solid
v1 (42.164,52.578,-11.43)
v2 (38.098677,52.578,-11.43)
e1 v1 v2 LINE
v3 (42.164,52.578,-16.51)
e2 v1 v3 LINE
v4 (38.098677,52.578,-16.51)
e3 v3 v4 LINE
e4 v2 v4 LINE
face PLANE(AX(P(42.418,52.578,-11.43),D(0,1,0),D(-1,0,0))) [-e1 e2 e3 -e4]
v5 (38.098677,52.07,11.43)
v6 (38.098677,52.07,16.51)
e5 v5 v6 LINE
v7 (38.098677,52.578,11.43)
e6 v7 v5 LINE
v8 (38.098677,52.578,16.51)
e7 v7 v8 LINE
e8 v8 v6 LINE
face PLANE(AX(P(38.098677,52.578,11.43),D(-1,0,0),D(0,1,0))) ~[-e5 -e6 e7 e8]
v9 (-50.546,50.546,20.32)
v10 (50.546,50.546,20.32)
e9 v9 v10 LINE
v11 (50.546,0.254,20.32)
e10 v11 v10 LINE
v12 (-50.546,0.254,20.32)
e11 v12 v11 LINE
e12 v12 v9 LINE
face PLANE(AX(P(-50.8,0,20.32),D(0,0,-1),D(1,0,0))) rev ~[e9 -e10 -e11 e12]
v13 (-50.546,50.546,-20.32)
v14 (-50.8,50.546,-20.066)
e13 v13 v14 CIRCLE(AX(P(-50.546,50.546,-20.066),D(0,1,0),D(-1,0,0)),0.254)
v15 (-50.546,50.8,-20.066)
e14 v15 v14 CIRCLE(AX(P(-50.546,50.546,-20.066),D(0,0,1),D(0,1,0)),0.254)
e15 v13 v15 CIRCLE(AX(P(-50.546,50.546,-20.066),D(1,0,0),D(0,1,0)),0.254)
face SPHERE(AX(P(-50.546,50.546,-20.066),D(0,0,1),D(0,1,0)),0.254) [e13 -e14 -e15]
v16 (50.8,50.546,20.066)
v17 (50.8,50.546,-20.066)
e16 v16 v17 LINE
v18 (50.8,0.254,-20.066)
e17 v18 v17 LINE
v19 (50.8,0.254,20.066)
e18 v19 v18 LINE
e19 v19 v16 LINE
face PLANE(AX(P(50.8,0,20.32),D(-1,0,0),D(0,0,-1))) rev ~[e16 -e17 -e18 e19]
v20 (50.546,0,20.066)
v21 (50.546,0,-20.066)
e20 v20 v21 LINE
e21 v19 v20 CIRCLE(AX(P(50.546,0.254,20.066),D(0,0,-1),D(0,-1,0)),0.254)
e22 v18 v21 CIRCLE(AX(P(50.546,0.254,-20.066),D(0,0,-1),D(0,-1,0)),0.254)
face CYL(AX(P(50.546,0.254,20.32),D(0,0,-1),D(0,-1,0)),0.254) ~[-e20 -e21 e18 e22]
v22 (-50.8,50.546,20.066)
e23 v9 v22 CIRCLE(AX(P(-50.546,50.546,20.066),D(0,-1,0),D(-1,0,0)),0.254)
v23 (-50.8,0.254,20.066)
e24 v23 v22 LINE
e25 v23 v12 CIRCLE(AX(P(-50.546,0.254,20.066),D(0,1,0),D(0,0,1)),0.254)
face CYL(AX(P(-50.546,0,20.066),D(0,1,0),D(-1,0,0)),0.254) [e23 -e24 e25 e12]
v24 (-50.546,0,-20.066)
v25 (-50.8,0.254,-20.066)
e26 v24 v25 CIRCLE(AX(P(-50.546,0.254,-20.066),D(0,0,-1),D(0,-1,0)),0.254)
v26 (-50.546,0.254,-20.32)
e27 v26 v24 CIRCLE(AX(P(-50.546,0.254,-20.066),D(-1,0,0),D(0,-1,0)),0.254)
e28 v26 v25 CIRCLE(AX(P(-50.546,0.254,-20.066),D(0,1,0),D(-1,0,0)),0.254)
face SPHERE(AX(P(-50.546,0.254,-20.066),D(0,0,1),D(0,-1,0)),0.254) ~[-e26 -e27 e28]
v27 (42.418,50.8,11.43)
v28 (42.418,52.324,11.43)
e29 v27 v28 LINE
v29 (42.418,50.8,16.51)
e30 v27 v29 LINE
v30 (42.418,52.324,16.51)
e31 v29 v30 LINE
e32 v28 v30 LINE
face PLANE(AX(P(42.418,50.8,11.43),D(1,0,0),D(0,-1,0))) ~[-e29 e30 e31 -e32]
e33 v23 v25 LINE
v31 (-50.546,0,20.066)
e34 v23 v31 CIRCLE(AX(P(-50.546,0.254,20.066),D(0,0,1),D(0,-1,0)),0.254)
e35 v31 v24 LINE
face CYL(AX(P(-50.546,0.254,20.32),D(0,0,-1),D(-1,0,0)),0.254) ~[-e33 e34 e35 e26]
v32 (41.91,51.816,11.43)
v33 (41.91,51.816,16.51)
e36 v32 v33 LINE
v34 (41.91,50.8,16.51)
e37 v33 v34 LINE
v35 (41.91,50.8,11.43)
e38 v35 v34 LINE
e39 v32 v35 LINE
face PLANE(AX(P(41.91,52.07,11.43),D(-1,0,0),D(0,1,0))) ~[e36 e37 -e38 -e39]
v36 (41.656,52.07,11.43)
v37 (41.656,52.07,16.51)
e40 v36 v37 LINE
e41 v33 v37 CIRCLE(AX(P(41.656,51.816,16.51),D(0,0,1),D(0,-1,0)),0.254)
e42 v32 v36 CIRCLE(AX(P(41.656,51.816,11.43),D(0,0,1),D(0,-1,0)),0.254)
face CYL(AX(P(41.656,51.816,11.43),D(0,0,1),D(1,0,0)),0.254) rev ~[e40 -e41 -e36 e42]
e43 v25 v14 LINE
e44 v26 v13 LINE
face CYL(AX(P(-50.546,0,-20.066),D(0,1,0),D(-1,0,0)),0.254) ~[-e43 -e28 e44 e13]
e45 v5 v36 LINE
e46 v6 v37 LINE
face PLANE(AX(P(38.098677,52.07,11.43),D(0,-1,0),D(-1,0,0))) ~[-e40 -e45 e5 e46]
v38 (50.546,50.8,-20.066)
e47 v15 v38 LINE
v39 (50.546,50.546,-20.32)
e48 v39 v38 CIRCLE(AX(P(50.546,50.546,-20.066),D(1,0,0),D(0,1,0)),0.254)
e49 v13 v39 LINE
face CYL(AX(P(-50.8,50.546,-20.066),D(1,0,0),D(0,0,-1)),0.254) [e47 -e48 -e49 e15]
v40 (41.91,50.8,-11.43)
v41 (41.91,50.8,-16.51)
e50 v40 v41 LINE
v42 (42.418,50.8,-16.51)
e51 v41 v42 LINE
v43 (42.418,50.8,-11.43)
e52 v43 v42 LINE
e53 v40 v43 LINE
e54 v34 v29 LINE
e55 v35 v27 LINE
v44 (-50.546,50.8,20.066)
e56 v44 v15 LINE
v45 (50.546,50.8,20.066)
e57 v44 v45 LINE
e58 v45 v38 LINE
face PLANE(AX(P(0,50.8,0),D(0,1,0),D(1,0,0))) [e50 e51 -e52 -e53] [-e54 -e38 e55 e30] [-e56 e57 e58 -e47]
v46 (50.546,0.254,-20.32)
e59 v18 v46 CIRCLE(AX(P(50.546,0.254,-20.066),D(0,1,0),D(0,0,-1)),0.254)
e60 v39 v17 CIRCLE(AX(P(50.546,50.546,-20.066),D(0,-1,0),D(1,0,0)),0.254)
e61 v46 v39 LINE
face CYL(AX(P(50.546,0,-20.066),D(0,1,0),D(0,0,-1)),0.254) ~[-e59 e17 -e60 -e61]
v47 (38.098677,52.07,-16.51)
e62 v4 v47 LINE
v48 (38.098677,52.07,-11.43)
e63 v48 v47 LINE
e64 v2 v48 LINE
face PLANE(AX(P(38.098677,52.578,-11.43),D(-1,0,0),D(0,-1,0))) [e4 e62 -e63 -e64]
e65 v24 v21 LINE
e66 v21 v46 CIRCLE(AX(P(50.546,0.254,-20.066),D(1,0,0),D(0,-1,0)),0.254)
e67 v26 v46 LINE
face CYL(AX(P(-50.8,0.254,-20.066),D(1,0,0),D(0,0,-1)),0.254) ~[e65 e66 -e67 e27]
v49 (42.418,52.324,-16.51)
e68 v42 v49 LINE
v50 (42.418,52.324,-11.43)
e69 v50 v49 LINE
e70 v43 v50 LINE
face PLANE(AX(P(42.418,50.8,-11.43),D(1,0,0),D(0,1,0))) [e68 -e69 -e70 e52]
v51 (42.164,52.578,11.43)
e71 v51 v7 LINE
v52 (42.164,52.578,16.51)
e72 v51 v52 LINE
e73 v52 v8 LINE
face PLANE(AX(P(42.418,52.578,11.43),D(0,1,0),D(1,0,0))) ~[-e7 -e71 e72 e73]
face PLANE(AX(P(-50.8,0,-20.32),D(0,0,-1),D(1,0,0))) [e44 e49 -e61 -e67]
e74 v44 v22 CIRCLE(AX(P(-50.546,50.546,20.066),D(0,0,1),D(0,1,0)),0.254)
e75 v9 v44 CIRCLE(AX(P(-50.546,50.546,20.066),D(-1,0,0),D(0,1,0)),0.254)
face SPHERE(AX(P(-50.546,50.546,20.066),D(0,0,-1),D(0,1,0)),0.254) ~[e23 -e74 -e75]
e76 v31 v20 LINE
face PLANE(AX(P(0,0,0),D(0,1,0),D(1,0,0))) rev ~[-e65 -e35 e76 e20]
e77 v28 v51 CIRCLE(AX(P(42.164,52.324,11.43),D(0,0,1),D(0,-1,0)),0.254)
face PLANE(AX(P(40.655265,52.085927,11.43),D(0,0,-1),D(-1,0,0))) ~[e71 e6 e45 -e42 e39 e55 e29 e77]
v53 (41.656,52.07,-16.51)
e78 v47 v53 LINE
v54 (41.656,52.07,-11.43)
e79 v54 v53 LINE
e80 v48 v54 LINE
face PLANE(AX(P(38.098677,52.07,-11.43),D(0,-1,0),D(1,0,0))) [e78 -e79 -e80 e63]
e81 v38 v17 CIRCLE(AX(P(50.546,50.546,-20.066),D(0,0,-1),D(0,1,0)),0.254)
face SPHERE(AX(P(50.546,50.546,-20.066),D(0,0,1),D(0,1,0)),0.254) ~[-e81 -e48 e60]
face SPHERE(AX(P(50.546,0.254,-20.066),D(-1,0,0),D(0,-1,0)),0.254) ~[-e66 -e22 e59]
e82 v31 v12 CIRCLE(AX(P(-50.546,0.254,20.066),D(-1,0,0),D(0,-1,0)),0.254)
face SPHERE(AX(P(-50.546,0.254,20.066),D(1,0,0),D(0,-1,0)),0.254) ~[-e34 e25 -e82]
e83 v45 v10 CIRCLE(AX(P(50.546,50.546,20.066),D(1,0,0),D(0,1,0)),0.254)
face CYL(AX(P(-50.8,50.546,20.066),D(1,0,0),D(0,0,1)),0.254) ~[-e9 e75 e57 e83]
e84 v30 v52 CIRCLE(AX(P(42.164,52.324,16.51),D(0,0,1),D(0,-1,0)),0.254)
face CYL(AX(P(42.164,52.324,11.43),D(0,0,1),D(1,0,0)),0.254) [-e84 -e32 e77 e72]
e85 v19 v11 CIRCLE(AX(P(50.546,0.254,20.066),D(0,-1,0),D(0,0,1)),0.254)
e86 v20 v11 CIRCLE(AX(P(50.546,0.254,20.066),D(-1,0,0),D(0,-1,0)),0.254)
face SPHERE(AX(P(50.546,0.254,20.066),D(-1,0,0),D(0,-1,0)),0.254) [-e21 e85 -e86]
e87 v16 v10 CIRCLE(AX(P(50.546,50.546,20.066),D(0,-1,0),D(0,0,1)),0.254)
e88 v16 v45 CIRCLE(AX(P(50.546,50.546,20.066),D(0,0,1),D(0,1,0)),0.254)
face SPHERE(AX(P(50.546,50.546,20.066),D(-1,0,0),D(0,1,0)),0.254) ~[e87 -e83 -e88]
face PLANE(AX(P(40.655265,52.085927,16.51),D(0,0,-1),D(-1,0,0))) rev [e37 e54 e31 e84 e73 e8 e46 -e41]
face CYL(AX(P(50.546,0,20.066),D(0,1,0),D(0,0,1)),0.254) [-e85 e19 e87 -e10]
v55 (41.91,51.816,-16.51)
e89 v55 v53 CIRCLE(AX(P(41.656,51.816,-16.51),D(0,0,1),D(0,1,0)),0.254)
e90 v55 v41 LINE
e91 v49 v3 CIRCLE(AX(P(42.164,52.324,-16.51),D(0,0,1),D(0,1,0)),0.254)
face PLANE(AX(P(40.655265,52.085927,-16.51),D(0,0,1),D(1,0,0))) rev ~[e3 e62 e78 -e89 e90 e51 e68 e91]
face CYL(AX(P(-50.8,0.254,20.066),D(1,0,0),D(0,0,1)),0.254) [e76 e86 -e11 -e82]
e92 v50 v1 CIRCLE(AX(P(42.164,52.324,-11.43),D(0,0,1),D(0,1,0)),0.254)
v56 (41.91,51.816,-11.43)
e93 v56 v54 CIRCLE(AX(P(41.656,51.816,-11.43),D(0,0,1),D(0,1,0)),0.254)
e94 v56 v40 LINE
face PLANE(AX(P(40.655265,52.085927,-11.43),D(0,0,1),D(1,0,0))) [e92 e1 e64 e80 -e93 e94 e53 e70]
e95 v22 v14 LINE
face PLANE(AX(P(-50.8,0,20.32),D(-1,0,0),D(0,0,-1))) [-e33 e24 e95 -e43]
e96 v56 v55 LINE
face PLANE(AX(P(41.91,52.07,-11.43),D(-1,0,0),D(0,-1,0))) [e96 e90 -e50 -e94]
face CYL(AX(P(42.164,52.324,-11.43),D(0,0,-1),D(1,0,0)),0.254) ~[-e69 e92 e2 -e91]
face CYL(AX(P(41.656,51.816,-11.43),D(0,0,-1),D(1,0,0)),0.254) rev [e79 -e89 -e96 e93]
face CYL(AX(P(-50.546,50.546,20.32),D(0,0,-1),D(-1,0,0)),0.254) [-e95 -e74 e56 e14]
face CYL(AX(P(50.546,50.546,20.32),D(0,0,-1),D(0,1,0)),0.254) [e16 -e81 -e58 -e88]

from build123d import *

# Parameters (mm, degrees)
SKETCH1_W           = 101.6
SKETCH1_H           = 40.64
BOSS_EXTRUDE1_DEPTH = 50.8
BOSS_EXTRUDE2_START = -8.89
BOSS_EXTRUDE2_DEPTH = 5.08
FILLET1_R           = 0.254


with BuildPart() as part:
    # Sketch1 → Boss-Extrude1 (new body)
    with BuildSketch(Plane(origin=(0, 0, 0), x_dir=(1, 0, 0), z_dir=(0, 1, 0))):
        Rectangle(SKETCH1_W, SKETCH1_H)
    extrude(amount=BOSS_EXTRUDE1_DEPTH)

    # Sketch3 → Boss-Extrude2 (add)
    with BuildSketch(Plane(origin=(0, 0, -20.32), x_dir=(-1, 0, 0), z_dir=(0, 0, -1)).offset(BOSS_EXTRUDE2_START)):
        Polygon((-42.418, 50.8), (-42.418, 52.578), (-38.09867671, 52.578), (-38.09867671, 52.07), (-41.91, 52.07), (-41.91, 50.8), align=None)
    boss_extrude2 = extrude(amount=BOSS_EXTRUDE2_DEPTH)

    # Mirror1: Boss-Extrude2 across plane
    add(boss_extrude2.mirror(Plane.XY))

    # Fillet1
    fillet1_edges = [part.edges().sort_by_distance(p)[0] for p in [
        (-50.8, 50.8, 0),
        (0, 50.8, 20.32),
        (41.91, 52.07, -13.97),
        (42.418, 52.578, -13.97),
        (50.8, 50.8, 0),
        (0, 0, 20.32),
        (-50.8, 0, 0),
        (42.418, 52.578, 13.97),
        (41.91, 52.07, 13.97),
        (0, 0, -20.32),
        (50.8, 0, 0),
        (0, 50.8, -20.32),
        (50.8, 25.4, 20.32),
        (-50.8, 25.4, 20.32),
        (-50.8, 25.4, -20.32),
        (50.8, 25.4, -20.32),
    ]]
    fillet(fillet1_edges, radius=FILLET1_R)


solid = part.part
